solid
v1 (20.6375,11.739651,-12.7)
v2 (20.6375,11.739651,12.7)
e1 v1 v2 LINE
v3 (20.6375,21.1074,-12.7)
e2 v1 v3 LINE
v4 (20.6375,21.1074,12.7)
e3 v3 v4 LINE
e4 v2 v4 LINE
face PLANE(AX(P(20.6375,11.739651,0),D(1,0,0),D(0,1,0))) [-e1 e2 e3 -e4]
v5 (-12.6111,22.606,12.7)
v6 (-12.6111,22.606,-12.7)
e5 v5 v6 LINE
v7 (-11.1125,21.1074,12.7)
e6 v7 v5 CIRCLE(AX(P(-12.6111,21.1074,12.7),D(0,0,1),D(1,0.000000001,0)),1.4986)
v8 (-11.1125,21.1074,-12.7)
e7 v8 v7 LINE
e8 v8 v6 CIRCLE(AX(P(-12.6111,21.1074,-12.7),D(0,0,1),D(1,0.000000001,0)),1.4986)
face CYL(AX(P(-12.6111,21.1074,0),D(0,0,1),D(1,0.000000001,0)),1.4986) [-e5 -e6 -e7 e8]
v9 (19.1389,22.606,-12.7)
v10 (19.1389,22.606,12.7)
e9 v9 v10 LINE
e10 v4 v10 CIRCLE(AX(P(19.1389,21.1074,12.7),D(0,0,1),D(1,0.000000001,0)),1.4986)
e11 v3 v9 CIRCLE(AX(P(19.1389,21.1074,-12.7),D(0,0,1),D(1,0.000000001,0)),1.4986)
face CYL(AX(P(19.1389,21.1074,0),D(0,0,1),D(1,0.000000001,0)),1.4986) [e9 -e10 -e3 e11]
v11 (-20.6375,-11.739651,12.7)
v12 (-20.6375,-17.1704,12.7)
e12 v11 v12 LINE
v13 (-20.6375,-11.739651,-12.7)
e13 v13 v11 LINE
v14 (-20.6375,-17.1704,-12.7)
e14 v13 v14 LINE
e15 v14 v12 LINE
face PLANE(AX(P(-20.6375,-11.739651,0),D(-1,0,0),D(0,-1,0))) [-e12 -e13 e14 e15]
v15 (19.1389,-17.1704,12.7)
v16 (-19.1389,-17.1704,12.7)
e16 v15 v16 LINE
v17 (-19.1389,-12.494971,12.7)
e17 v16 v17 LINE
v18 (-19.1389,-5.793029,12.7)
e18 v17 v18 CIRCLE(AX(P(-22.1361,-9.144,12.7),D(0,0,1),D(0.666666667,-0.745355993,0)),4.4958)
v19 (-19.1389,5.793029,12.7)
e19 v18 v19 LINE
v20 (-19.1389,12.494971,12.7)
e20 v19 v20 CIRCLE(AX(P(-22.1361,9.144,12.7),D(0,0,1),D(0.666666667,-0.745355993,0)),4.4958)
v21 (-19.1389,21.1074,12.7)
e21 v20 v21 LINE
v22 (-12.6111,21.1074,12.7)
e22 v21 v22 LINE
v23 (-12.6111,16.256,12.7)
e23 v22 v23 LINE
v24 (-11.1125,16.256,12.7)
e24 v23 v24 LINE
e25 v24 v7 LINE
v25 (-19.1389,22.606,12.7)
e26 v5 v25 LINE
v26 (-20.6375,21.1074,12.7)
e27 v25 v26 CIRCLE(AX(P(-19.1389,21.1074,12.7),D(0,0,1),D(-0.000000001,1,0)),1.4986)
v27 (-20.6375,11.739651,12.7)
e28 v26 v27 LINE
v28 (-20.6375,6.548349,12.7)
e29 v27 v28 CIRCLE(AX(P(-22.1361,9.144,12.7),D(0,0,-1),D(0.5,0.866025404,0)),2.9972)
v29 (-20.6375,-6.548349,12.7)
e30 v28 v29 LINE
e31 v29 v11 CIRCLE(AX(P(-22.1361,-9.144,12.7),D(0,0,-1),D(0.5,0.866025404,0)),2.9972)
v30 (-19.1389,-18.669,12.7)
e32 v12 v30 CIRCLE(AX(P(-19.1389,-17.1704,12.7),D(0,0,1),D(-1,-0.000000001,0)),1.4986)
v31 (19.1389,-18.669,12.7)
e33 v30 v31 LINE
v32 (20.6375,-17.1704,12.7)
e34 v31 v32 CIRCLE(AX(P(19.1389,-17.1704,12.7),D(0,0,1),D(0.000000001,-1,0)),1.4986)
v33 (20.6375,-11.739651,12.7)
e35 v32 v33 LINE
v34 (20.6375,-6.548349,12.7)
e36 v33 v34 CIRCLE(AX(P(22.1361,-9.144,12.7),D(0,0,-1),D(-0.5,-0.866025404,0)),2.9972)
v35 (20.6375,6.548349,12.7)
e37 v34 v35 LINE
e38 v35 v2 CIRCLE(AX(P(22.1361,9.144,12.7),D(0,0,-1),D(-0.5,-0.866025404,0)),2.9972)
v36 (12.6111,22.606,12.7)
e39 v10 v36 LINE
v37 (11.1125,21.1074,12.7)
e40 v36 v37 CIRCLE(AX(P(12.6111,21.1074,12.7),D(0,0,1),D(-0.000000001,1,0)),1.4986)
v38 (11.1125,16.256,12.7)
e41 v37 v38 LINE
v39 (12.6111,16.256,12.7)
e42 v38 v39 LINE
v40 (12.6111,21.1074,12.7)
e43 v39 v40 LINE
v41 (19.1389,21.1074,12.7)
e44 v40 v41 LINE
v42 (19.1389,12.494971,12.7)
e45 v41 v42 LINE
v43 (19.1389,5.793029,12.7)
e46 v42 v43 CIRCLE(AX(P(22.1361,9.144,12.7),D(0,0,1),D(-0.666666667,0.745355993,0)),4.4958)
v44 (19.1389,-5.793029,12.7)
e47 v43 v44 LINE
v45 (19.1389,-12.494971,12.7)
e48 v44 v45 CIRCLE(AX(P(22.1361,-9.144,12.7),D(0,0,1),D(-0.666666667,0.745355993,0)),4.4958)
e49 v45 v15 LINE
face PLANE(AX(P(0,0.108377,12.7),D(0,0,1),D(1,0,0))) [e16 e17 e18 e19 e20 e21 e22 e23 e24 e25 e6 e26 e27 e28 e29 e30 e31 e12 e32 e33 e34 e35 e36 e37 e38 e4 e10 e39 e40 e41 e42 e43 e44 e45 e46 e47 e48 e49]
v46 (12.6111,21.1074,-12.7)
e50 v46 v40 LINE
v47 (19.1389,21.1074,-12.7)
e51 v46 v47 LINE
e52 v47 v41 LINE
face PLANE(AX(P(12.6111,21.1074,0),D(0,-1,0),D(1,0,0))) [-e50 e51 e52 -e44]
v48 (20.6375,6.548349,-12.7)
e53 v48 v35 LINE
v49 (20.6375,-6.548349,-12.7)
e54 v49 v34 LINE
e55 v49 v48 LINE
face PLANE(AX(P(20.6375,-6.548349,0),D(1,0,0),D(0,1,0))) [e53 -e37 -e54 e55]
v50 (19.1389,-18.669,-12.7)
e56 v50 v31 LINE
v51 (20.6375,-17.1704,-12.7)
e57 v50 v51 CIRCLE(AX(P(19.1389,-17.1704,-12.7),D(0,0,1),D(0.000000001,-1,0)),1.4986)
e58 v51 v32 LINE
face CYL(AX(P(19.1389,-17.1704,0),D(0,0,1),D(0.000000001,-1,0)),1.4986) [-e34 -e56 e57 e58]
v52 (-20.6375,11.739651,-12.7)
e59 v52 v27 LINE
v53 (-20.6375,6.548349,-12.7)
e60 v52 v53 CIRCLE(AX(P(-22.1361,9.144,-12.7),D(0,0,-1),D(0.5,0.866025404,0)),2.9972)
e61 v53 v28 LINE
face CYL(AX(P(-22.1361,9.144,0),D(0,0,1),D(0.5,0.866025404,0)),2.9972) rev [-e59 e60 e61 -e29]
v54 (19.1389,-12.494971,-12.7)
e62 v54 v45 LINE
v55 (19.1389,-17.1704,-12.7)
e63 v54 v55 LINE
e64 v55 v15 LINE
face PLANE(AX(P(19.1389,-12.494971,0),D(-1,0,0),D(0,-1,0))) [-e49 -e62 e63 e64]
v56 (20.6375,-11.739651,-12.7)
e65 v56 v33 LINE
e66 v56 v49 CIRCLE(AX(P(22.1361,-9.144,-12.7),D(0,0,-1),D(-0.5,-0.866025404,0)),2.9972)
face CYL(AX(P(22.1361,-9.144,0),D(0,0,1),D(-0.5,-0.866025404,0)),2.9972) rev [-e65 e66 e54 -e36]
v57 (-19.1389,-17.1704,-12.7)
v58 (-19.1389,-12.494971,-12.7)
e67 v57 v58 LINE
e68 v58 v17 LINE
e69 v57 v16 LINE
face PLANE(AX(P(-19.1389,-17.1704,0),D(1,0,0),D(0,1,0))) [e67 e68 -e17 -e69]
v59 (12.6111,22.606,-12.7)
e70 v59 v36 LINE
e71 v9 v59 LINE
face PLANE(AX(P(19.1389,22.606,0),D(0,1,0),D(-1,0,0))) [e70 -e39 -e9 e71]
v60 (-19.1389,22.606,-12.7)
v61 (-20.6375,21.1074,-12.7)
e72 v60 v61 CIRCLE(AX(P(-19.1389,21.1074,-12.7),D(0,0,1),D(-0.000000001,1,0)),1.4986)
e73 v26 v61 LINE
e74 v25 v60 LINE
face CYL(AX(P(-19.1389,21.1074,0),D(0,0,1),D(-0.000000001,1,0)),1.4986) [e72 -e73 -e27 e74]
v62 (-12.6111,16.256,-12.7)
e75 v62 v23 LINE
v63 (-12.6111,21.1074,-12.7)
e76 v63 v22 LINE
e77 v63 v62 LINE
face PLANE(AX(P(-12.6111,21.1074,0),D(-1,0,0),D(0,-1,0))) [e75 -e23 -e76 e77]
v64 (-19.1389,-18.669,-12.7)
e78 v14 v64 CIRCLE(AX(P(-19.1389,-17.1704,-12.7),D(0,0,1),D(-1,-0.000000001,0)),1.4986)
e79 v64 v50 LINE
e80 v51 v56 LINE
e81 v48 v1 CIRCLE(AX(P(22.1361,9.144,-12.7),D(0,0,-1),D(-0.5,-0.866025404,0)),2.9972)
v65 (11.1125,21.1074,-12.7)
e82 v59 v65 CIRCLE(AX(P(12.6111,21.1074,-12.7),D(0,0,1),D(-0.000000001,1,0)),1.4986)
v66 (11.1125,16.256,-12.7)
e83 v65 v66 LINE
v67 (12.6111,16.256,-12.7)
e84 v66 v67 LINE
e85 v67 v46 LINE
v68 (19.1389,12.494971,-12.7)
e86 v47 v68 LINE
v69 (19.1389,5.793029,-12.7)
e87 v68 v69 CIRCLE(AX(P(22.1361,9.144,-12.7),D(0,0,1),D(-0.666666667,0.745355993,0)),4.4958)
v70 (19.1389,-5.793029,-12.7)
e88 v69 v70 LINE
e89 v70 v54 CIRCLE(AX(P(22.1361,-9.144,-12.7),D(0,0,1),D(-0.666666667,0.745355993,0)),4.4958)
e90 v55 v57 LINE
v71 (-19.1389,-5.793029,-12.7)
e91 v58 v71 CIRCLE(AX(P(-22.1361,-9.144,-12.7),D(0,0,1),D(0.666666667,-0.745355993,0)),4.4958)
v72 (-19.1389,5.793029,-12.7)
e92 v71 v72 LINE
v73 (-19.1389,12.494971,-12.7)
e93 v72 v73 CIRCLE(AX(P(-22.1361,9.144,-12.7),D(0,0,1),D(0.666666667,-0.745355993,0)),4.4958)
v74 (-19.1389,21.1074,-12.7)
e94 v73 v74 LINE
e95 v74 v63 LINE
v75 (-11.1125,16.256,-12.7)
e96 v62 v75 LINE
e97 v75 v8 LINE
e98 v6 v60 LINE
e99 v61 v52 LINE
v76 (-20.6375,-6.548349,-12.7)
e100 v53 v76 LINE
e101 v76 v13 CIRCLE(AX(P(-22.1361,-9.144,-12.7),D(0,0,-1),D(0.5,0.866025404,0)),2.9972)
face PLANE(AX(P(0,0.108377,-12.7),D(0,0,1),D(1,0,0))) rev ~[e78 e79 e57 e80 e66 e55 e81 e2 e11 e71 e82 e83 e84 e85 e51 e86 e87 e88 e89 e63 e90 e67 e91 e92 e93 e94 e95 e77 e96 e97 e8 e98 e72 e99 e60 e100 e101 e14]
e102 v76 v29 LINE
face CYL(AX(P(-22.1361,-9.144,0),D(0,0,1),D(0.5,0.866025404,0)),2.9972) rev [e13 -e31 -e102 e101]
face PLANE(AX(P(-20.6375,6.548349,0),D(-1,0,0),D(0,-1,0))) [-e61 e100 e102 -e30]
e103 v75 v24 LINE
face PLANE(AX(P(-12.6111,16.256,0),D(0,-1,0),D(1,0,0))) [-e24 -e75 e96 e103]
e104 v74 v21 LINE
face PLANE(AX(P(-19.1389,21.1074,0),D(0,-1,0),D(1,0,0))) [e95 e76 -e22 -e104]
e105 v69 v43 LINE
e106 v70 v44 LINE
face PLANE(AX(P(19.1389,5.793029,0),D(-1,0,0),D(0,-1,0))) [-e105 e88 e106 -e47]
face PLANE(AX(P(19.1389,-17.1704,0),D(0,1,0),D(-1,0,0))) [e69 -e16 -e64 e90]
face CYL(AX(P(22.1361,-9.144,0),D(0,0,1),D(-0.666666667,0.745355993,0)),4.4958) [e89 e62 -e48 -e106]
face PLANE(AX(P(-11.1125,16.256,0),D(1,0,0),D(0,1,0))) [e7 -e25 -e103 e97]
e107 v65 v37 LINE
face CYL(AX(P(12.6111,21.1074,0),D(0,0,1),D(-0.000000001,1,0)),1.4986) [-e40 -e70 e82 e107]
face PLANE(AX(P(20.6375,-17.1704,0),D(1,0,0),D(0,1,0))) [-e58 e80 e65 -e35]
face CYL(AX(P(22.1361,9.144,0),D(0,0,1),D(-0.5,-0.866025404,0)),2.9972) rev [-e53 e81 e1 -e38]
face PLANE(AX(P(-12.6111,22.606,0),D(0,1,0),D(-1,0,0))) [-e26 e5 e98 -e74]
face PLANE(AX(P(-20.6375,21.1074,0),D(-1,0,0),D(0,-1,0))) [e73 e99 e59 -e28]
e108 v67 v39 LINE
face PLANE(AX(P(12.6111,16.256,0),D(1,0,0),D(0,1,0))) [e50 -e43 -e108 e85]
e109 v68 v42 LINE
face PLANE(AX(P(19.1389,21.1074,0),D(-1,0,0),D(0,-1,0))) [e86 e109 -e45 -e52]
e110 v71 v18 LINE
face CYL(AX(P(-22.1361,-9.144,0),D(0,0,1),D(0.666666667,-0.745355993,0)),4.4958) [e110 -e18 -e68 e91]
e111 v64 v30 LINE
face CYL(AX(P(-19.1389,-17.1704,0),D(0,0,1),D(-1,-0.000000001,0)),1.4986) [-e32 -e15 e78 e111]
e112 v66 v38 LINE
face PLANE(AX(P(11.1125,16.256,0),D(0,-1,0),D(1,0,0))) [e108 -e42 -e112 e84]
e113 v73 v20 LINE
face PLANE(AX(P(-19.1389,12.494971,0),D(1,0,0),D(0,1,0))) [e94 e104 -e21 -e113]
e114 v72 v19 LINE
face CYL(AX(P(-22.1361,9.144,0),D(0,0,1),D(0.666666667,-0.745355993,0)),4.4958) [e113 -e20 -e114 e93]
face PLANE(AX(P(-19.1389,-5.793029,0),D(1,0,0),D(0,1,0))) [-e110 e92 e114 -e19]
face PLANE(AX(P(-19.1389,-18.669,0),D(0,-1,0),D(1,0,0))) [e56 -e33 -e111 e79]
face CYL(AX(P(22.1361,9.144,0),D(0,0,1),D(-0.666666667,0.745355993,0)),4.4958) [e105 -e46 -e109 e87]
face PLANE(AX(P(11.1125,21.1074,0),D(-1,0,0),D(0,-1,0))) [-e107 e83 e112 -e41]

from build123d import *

# Parameters (mm, degrees)
BASE_EXTRUDE_DEPTH = 12.7


with BuildPart() as part:
    # Sketch1 → Base-Extrude (new, symmetric)
    with BuildSketch(Plane.XY):
        with BuildLine():
            Line((-20.6375, 21.1074), (-20.6375, 11.73965134))
            ThreePointArc((-20.6375, 11.73965134), (-19.1389, 9.144), (-20.6375, 6.54834866))
            Line((-20.6375, 6.54834866), (-20.6375, -6.54834866))
            ThreePointArc((-20.6375, -6.54834866), (-19.1389, -9.144), (-20.6375, -11.73965134))
            Line((-20.6375, -11.73965134), (-20.6375, -17.1704))
            ThreePointArc((-20.6375, -17.1704), (-20.198570222, -18.230070222), (-19.1389, -18.669))
            Line((-19.1389, -18.669), (19.1389, -18.669))
            ThreePointArc((19.1389, -18.669), (20.198570222, -18.230070222), (20.6375, -17.1704))
            Line((20.6375, -17.1704), (20.6375, -11.73965134))
            ThreePointArc((20.6375, -11.73965134), (19.1389, -9.144), (20.6375, -6.54834866))
            Line((20.6375, -6.54834866), (20.6375, 6.54834866))
            ThreePointArc((20.6375, 6.54834866), (19.1389, 9.144), (20.6375, 11.73965134))
            Line((20.6375, 11.73965134), (20.6375, 21.1074))
            ThreePointArc((20.6375, 21.1074), (20.198570222, 22.167070222), (19.1389, 22.606))
            Line((19.1389, 22.606), (12.6111, 22.606))
            ThreePointArc((12.6111, 22.606), (11.551429778, 22.167070222), (11.1125, 21.1074))
            Line((11.1125, 21.1074), (11.1125, 16.256))
            Line((11.1125, 16.256), (12.6111, 16.256))
            Line((12.6111, 16.256), (12.6111, 21.1074))
            Line((12.6111, 21.1074), (19.1389, 21.1074))
            Line((19.1389, 21.1074), (19.1389, 12.494971471))
            ThreePointArc((19.1389, 12.494971471), (17.6403, 9.144), (19.1389, 5.793028529))
            Line((19.1389, 5.793028529), (19.1389, -5.793028529))
            ThreePointArc((19.1389, -5.793028529), (17.6403, -9.144), (19.1389, -12.494971471))
            Line((19.1389, -12.494971471), (19.1389, -17.1704))
            Line((19.1389, -17.1704), (-19.1389, -17.1704))
            Line((-19.1389, -17.1704), (-19.1389, -12.494971471))
            ThreePointArc((-19.1389, -12.494971471), (-17.6403, -9.144), (-19.1389, -5.793028529))
            Line((-19.1389, -5.793028529), (-19.1389, 5.793028529))
            ThreePointArc((-19.1389, 5.793028529), (-17.6403, 9.144), (-19.1389, 12.494971471))
            Line((-19.1389, 12.494971471), (-19.1389, 21.1074))
            Line((-19.1389, 21.1074), (-12.6111, 21.1074))
            Line((-12.6111, 21.1074), (-12.6111, 16.256))
            Line((-12.6111, 16.256), (-11.1125, 16.256))
            Line((-11.1125, 16.256), (-11.1125, 21.1074))
            ThreePointArc((-11.1125, 21.1074), (-11.551429778, 22.167070222), (-12.6111, 22.606))
            Line((-12.6111, 22.606), (-19.1389, 22.606))
            ThreePointArc((-19.1389, 22.606), (-20.198570222, 22.167070222), (-20.6375, 21.1074))
        make_face()
    extrude(amount=BASE_EXTRUDE_DEPTH, both=True)


solid = part.part
